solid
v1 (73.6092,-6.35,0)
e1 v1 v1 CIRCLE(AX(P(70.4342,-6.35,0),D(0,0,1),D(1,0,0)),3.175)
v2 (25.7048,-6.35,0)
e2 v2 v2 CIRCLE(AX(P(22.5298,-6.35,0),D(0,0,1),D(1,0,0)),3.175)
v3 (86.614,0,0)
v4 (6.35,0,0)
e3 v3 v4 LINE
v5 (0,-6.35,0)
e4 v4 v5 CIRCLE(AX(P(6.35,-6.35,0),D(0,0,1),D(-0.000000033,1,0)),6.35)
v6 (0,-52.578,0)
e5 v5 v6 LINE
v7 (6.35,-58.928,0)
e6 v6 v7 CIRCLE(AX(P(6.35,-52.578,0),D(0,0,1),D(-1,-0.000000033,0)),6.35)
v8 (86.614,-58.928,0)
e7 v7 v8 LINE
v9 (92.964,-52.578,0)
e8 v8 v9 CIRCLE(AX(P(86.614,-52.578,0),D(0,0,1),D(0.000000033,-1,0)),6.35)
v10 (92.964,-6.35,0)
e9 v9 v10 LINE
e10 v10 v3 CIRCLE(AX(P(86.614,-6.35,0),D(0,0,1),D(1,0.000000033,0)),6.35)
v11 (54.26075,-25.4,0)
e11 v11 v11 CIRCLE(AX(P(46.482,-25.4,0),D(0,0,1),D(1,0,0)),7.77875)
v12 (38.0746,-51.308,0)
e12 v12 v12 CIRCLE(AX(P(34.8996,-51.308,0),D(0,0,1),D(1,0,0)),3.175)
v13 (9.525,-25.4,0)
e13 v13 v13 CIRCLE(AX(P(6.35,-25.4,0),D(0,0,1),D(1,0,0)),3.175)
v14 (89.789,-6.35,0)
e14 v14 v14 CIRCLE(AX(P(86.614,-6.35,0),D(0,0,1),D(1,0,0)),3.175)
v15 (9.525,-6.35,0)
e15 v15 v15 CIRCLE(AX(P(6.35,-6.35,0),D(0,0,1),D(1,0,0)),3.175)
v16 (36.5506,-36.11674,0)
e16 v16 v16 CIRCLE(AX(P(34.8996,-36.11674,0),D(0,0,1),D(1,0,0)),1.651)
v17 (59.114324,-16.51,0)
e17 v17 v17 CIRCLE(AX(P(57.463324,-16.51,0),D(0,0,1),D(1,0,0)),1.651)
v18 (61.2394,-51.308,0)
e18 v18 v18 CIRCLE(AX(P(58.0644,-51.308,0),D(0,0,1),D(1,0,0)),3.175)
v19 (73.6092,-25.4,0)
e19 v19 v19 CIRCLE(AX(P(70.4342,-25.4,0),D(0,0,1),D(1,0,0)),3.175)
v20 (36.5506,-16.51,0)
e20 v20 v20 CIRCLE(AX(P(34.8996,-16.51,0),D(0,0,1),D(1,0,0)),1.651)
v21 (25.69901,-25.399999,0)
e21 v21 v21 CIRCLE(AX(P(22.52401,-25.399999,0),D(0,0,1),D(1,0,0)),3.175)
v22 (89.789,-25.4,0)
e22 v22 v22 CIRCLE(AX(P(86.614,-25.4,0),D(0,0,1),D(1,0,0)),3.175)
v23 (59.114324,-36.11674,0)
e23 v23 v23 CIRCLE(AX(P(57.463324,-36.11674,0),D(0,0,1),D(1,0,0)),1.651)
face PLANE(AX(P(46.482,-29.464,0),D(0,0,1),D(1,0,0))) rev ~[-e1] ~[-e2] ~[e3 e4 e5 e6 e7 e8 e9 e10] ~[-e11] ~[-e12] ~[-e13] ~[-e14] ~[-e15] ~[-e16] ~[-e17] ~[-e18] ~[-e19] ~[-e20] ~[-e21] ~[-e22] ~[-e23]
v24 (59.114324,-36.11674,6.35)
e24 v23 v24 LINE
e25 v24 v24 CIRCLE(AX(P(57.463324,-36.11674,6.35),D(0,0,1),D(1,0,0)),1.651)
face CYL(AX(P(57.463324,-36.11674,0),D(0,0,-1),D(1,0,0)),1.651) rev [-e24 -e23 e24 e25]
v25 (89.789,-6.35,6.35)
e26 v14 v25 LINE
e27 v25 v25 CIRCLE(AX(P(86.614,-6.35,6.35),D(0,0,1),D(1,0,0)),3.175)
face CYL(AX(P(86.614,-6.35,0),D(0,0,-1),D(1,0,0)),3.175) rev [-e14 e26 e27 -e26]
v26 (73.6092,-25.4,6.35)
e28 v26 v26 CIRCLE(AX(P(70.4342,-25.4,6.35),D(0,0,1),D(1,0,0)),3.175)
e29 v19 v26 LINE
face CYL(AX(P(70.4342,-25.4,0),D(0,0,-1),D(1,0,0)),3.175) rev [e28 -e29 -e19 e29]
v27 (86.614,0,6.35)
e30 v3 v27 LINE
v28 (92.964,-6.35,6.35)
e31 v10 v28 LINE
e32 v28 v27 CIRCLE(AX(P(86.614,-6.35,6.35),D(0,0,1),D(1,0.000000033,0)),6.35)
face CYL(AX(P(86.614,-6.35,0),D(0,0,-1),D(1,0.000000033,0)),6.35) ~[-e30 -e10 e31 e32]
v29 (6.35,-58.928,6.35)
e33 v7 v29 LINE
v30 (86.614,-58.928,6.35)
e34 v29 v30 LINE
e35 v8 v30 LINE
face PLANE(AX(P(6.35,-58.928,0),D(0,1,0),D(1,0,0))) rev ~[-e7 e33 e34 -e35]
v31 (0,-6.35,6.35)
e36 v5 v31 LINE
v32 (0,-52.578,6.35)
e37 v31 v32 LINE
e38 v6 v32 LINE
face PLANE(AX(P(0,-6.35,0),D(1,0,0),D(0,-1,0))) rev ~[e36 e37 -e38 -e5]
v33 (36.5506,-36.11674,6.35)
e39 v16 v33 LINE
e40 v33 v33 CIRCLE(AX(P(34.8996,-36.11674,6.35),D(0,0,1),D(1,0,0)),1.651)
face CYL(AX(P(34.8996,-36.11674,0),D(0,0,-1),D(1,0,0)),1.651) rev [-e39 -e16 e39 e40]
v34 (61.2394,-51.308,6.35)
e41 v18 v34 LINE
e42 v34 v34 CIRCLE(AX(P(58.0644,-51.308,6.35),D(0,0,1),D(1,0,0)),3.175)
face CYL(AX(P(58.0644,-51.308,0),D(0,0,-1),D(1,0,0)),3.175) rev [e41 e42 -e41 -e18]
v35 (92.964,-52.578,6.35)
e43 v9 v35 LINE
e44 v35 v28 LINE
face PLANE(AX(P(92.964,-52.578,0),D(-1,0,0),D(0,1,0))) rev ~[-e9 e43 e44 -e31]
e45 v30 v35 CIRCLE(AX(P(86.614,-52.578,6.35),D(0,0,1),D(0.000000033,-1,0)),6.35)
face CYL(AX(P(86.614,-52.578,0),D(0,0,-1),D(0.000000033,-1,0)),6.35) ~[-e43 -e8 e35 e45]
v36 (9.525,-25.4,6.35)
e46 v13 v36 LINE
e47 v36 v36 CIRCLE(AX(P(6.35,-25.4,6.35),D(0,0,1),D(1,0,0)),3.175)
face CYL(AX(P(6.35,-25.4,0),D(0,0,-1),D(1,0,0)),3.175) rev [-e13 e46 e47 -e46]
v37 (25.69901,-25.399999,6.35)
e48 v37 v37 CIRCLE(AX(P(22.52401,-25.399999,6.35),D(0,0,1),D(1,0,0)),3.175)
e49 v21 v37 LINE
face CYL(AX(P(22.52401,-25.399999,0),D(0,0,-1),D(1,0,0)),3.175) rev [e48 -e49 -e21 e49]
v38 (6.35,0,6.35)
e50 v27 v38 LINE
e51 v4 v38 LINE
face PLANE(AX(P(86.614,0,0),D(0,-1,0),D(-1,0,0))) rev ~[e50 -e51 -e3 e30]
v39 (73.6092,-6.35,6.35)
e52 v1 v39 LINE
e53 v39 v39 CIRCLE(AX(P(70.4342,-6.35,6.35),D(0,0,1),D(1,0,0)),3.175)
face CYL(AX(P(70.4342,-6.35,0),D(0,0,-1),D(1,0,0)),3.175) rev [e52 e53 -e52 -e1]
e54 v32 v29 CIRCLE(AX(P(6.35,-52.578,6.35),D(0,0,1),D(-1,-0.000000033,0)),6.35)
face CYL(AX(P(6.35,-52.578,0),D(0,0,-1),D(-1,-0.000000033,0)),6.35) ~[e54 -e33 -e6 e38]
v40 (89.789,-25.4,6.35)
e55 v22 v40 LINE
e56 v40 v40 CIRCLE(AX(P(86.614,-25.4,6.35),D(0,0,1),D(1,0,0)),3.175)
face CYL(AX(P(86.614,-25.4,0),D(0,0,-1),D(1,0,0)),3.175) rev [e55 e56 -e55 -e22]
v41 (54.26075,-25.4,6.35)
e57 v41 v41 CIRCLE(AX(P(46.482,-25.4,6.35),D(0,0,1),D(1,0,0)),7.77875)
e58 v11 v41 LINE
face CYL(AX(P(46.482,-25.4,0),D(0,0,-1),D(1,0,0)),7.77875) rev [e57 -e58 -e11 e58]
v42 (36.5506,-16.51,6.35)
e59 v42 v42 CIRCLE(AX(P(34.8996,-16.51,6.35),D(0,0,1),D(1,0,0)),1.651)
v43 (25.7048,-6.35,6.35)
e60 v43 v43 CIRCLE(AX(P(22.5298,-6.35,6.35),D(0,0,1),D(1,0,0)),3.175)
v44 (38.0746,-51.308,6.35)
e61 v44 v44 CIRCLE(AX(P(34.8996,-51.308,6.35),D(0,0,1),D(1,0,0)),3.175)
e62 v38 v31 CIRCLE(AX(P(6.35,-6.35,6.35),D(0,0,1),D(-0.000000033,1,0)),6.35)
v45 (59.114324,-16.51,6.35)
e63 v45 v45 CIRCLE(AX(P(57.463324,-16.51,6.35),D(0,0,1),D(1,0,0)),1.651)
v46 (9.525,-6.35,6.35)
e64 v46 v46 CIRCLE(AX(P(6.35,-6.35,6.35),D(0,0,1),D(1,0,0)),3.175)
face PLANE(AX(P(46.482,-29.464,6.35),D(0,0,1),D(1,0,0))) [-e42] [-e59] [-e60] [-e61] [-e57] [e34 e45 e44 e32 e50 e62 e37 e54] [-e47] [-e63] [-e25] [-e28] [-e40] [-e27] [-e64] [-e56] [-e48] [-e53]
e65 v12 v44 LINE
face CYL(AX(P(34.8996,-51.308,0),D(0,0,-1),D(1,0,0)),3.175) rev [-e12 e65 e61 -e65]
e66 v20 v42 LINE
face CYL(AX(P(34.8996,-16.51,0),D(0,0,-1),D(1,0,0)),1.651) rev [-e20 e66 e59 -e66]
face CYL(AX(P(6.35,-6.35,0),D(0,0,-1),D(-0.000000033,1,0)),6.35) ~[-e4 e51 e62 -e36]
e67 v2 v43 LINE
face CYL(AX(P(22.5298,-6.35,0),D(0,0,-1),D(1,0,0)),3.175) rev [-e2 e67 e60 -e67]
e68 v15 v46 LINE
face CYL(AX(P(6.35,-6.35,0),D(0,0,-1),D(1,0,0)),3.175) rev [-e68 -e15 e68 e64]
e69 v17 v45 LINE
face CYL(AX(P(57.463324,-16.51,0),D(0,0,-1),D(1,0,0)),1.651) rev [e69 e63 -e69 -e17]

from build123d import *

# Parameters (mm, degrees)
F0_R     = 3.175
F0_R_2   = 1.651
F0_R_3   = 7.77875
F1_DEPTH = 6.35


with BuildPart() as f1:
    # F0 (on Top) → F1 (new body)
    with BuildSketch(Plane.XY):
        with BuildLine():
            Line((86.614, 0), (6.35, 0))
            ThreePointArc((6.35, 0), (1.859872, -1.859872), (0, -6.35))
            Line((0, -6.35), (0, -52.578))
            ThreePointArc((0, -52.578), (1.859872, -57.068128), (6.35, -58.928))
            Line((6.35, -58.928), (86.614, -58.928))
            ThreePointArc((86.614, -58.928), (91.104128, -57.068128), (92.964, -52.578))
            Line((92.964, -52.578), (92.964, -6.35))
            ThreePointArc((92.964, -6.35), (91.104128, -1.859872), (86.614, 0))
        make_face()
        with Locations((34.8996, -51.308)):
            Circle(F0_R, mode=Mode.SUBTRACT)
        with Locations((34.8996, -36.11674)):
            Circle(F0_R_2, mode=Mode.SUBTRACT)
        with Locations((58.0644, -51.308)):
            Circle(F0_R, mode=Mode.SUBTRACT)
        with Locations((57.463324, -36.11674)):
            Circle(F0_R_2, mode=Mode.SUBTRACT)
        with Locations((6.35, -25.4)):
            Circle(F0_R, mode=Mode.SUBTRACT)
        with Locations((22.52401, -25.399999)):
            Circle(F0_R, mode=Mode.SUBTRACT)
        with Locations((34.8996, -16.51)):
            Circle(F0_R_2, mode=Mode.SUBTRACT)
        with Locations((6.35, -6.35)):
            Circle(F0_R, mode=Mode.SUBTRACT)
        with Locations((22.5298, -6.35)):
            Circle(F0_R, mode=Mode.SUBTRACT)
        with Locations((46.482, -25.4)):
            Circle(F0_R_3, mode=Mode.SUBTRACT)
        with Locations((57.463324, -16.51)):
            Circle(F0_R_2, mode=Mode.SUBTRACT)
        with Locations((70.4342, -25.4)):
            Circle(F0_R, mode=Mode.SUBTRACT)
        with Locations((86.614, -25.4)):
            Circle(F0_R, mode=Mode.SUBTRACT)
        with Locations((70.4342, -6.35)):
            Circle(F0_R, mode=Mode.SUBTRACT)
        with Locations((86.614, -6.35)):
            Circle(F0_R, mode=Mode.SUBTRACT)
    extrude(amount=F1_DEPTH)


solid = f1.part
